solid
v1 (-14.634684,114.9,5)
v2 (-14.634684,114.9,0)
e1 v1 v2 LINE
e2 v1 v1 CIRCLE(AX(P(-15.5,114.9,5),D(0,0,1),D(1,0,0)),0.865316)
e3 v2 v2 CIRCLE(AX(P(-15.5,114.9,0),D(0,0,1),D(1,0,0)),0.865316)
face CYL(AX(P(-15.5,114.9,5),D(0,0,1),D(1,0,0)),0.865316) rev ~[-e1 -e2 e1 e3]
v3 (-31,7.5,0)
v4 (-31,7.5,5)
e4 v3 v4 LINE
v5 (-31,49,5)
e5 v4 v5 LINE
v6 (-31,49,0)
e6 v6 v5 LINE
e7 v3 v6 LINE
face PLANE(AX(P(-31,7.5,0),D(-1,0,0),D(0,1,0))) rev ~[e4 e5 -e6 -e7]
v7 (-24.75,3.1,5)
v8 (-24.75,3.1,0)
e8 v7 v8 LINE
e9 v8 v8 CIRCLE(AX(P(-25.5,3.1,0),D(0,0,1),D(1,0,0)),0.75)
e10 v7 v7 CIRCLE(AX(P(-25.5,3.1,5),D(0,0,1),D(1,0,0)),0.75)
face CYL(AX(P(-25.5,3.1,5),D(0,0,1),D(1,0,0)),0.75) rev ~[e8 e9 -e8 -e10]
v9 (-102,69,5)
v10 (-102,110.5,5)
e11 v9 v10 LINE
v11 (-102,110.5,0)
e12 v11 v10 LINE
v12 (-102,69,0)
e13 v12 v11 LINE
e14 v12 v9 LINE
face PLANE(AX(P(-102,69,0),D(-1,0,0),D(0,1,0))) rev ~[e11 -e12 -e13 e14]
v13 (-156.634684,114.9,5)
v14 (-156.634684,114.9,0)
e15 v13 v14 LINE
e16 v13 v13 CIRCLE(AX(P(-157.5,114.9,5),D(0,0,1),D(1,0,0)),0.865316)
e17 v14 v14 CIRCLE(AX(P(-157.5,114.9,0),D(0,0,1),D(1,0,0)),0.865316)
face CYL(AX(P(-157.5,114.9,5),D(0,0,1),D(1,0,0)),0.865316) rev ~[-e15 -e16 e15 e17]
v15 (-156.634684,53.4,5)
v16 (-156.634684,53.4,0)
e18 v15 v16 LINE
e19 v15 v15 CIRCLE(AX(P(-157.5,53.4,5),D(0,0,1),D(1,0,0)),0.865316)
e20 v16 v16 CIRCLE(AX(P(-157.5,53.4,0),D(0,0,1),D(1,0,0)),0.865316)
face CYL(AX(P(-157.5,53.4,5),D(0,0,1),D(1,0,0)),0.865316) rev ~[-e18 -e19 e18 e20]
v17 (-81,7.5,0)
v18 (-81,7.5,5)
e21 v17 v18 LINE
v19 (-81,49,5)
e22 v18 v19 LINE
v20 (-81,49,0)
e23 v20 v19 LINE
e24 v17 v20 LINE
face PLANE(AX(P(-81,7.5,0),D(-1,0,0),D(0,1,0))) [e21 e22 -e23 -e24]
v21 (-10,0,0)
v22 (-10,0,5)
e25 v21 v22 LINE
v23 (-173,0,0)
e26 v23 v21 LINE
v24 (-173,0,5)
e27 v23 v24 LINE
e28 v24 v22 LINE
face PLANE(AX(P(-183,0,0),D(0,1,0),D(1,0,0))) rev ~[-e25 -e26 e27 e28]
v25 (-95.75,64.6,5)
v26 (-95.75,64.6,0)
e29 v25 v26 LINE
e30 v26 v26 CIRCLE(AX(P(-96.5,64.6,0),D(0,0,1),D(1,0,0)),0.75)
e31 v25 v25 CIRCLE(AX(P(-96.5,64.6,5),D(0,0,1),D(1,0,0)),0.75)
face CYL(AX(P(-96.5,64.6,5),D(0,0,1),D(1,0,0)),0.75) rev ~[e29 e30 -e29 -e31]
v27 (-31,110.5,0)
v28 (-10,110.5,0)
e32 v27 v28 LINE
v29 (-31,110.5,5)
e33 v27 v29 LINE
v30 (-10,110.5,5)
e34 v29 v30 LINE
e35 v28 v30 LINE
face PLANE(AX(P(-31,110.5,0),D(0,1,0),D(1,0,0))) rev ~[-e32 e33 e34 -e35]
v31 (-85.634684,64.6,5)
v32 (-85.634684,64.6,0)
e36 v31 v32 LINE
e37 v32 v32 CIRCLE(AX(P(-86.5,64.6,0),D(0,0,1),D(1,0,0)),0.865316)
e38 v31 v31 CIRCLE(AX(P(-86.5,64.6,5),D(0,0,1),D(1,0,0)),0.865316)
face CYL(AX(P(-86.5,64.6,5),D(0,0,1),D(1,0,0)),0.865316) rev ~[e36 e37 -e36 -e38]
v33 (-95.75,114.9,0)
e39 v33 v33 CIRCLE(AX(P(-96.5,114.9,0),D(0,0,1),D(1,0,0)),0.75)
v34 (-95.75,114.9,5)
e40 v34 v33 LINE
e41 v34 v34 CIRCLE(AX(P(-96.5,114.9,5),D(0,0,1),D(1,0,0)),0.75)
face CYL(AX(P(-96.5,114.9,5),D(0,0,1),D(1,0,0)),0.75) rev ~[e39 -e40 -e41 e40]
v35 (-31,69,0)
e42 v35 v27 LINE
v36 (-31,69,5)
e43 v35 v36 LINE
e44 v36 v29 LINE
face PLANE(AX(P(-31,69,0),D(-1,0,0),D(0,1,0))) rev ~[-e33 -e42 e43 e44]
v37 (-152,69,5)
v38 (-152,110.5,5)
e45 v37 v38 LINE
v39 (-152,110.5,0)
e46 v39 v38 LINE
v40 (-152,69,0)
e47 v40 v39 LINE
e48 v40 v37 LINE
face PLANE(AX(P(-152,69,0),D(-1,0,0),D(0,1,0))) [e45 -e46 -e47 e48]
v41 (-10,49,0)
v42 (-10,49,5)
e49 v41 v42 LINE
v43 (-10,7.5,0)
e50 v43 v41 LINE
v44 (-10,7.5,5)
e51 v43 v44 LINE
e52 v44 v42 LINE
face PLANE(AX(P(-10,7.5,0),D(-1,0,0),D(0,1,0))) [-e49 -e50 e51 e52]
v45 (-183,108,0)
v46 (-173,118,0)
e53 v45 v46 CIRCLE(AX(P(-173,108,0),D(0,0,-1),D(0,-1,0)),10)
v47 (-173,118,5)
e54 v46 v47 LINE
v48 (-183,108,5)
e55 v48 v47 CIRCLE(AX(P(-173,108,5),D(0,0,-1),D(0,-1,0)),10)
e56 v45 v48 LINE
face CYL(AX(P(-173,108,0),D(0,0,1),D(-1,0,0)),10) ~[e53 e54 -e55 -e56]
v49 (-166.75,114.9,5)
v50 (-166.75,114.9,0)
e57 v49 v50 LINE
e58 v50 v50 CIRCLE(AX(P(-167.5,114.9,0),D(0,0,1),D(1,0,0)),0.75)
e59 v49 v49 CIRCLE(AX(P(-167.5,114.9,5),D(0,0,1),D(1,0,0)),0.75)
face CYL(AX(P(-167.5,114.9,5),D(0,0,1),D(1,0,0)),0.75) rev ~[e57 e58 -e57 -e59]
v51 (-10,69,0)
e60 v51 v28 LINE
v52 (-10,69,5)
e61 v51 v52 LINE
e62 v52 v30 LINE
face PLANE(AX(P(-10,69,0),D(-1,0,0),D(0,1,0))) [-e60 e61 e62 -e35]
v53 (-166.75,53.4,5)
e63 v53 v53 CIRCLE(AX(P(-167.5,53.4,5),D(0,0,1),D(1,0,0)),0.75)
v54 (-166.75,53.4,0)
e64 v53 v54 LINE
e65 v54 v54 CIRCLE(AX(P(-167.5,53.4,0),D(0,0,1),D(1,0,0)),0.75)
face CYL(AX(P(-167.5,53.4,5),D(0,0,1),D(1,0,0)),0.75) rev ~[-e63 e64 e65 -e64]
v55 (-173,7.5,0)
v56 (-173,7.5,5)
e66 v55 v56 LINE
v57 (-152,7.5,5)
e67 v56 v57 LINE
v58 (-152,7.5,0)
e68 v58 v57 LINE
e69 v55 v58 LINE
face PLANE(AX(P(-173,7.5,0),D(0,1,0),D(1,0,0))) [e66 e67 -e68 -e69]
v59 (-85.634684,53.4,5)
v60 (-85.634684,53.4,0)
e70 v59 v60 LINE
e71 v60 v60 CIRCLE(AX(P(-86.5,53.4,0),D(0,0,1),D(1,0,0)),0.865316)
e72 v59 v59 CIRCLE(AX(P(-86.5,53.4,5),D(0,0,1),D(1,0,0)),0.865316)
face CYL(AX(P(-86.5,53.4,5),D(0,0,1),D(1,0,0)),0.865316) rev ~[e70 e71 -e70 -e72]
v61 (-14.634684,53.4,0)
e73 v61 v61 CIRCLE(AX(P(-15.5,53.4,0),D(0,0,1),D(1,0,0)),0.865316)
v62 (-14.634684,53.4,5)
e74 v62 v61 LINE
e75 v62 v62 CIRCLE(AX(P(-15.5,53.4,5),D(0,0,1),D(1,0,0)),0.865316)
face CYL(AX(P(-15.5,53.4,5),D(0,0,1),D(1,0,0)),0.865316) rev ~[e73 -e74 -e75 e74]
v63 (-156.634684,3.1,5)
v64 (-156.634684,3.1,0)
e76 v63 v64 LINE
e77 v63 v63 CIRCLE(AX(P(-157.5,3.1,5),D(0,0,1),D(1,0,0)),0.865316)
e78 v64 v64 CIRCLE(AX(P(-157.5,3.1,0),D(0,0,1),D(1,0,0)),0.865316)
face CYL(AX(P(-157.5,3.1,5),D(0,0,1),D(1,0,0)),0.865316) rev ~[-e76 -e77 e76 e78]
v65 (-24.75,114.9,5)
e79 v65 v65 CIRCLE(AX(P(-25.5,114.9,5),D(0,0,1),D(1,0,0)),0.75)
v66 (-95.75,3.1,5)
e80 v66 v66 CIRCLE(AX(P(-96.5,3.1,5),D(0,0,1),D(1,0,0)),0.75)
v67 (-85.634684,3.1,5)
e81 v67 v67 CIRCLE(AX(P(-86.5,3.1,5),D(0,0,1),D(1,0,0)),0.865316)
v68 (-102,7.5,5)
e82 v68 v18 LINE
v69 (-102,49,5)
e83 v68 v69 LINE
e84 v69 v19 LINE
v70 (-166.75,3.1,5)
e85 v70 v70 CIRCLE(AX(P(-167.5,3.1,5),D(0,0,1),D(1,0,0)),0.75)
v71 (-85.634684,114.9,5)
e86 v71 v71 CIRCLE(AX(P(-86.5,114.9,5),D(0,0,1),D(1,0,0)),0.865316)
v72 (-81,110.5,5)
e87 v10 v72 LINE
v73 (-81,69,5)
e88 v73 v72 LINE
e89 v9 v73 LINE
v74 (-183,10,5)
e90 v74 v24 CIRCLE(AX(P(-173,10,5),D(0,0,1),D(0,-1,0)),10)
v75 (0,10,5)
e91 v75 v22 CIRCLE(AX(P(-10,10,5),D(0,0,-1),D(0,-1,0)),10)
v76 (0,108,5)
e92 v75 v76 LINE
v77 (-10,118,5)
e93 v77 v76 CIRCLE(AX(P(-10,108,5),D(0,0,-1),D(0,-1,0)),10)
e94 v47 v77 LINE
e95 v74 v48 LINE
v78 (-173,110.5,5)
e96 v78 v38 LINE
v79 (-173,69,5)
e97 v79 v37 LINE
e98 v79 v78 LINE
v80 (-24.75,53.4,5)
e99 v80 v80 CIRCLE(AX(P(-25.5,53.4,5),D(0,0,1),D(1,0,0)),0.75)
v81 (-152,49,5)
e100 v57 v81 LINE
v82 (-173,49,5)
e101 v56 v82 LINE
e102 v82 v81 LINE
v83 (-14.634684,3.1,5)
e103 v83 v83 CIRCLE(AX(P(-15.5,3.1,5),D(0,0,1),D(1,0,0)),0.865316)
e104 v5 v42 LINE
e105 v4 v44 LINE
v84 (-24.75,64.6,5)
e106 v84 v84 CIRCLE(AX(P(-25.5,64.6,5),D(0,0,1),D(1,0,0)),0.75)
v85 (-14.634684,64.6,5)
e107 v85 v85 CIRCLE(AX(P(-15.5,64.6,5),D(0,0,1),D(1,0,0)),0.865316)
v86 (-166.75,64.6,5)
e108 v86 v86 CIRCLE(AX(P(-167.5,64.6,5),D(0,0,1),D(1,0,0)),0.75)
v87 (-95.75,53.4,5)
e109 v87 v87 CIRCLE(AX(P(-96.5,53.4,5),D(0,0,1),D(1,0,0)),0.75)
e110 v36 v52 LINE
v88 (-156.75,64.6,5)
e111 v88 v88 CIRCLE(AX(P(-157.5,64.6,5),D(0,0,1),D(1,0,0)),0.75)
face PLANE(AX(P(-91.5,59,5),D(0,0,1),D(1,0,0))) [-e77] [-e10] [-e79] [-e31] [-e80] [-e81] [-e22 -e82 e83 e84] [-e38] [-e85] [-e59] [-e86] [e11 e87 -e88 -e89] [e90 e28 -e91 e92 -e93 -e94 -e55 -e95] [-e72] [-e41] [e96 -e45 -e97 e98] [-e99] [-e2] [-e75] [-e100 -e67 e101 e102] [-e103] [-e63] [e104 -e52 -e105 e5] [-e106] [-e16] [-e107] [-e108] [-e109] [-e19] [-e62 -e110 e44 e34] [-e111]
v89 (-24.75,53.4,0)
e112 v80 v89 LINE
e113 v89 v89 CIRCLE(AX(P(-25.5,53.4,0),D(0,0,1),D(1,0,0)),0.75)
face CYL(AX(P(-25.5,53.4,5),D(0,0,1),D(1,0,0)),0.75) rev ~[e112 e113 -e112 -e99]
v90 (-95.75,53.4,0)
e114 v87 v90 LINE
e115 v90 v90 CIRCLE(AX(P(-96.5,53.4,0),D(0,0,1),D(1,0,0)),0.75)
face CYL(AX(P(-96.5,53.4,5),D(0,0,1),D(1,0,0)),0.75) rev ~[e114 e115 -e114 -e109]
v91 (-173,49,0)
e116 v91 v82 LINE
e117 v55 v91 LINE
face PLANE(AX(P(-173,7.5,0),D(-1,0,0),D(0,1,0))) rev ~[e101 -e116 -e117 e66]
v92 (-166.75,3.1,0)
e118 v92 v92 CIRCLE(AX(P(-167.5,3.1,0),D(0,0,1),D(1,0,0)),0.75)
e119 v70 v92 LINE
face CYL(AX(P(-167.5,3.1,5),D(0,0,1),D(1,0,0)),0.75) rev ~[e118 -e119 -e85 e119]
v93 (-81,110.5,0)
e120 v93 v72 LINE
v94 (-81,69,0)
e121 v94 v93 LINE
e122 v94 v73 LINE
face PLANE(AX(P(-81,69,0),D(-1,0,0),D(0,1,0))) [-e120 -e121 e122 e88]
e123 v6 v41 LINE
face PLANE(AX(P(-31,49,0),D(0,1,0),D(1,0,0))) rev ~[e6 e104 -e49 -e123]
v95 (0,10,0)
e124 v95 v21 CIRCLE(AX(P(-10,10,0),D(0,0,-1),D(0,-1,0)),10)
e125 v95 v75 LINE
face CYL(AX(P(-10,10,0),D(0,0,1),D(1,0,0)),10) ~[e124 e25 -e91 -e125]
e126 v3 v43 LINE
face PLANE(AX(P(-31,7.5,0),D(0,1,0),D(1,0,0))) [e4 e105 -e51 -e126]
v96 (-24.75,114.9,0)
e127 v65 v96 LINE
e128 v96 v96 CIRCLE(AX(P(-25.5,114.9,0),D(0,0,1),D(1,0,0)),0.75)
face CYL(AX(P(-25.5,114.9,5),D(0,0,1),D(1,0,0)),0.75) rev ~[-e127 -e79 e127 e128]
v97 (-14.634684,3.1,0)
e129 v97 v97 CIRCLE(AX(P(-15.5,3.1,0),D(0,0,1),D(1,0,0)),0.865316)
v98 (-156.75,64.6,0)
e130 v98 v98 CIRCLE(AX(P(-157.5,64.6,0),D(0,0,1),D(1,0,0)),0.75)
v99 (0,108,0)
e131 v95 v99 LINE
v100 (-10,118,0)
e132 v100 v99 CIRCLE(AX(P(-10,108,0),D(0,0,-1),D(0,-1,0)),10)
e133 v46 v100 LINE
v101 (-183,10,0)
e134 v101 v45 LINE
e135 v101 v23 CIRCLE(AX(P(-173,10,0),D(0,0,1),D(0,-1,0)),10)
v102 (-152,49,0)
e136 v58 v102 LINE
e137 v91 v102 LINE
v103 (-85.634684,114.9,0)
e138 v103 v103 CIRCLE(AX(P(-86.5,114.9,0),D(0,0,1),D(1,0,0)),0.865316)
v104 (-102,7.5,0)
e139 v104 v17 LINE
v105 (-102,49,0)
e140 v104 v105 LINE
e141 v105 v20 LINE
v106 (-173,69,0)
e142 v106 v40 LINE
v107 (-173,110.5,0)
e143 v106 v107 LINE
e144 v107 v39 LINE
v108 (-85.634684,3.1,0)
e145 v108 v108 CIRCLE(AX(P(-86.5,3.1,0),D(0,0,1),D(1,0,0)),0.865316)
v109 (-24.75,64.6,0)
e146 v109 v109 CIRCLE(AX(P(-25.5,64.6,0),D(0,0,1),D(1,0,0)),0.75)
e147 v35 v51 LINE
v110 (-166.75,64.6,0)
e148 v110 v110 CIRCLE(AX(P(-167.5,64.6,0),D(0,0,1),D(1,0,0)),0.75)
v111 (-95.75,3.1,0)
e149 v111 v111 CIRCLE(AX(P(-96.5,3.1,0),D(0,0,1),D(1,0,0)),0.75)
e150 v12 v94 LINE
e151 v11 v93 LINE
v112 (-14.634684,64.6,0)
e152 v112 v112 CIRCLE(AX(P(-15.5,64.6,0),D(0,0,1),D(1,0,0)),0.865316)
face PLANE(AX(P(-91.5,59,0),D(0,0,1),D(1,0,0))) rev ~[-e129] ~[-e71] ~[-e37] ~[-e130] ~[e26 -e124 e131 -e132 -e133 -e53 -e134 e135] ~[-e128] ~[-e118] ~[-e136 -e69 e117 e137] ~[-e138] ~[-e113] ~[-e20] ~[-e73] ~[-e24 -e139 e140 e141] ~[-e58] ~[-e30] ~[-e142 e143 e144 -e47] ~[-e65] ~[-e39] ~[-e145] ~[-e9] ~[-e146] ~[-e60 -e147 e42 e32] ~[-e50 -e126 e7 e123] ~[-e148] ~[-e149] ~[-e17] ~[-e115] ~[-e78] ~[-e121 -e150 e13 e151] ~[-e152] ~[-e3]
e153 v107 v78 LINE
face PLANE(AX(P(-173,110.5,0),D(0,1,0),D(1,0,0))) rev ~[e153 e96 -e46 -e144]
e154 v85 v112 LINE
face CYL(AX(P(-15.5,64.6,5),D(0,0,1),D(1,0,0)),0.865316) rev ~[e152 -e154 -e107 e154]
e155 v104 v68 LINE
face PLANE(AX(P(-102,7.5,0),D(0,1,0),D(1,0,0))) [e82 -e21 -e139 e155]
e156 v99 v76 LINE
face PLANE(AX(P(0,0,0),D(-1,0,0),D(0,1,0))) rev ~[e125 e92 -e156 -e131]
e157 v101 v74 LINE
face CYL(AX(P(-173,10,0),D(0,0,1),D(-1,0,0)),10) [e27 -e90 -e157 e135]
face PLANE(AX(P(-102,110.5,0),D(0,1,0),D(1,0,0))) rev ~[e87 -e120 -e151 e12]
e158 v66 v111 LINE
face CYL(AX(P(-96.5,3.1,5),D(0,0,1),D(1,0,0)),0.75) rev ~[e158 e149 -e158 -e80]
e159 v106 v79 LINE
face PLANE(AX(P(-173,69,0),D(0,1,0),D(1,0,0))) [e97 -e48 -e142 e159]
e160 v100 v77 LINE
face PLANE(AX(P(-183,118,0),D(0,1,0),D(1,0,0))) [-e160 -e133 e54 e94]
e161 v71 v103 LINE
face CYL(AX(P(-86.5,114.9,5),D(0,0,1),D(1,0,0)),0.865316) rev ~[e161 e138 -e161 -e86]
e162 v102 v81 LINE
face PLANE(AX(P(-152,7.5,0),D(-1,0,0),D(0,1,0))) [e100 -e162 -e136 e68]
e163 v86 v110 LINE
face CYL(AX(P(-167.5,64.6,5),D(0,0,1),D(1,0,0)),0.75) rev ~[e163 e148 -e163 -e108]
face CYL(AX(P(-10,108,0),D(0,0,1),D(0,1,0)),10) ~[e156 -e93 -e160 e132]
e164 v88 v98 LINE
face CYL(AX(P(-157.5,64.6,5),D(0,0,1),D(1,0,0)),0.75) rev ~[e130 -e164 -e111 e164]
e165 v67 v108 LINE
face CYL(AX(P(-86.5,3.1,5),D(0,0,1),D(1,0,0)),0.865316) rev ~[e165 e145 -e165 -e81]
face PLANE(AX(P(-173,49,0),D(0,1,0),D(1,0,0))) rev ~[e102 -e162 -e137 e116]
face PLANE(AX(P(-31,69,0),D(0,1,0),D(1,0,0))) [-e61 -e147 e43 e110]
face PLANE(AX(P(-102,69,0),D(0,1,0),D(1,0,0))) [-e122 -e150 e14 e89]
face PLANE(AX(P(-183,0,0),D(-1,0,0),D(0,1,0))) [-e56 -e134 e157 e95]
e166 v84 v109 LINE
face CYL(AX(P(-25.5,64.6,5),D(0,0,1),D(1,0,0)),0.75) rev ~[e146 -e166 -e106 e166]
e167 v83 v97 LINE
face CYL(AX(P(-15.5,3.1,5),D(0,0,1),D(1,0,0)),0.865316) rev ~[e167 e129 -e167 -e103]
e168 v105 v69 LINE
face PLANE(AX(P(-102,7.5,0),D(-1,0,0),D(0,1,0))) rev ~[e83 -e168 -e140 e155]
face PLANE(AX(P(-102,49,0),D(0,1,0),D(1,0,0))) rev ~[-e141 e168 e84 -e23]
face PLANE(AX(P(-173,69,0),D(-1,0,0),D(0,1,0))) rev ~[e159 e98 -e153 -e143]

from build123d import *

# Parameters (mm, degrees)
SKETCH1_W           = 183
SKETCH1_H           = 118
SKETCH1_W_2         = 21
SKETCH1_H_2         = 41.5
BOSS_EXTRUDE1_DEPTH = 5
SKETCH2_R           = 0.75
SKETCH2_R_2         = 0.865315656
CUT_EXTRUDE1_DEPTH  = 5
FILLET5_R           = 10
FILLET6_R           = 10
FILLET7_R           = 10
FILLET8_R           = 10


with BuildPart() as part:
    # Sketch1 → Boss-Extrude1 (new body)
    with BuildSketch(Plane.XY):
        with Locations((-91.5, 59)):
            Rectangle(SKETCH1_W, SKETCH1_H)
        with Locations((-162.5, 28.25)):
            Rectangle(SKETCH1_W_2, SKETCH1_H_2, mode=Mode.SUBTRACT)
        with Locations((-91.5, 28.25)):
            Rectangle(SKETCH1_W_2, SKETCH1_H_2, mode=Mode.SUBTRACT)
        with Locations((-20.5, 28.25)):
            Rectangle(SKETCH1_W_2, SKETCH1_H_2, mode=Mode.SUBTRACT)
        with Locations((-162.5, 89.75)):
            Rectangle(SKETCH1_W_2, SKETCH1_H_2, mode=Mode.SUBTRACT)
        with Locations((-91.5, 89.75)):
            Rectangle(SKETCH1_W_2, SKETCH1_H_2, mode=Mode.SUBTRACT)
        with Locations((-20.5, 89.75)):
            Rectangle(SKETCH1_W_2, SKETCH1_H_2, mode=Mode.SUBTRACT)
    extrude(amount=BOSS_EXTRUDE1_DEPTH)

    # Sketch2 → Cut-Extrude1 (cut)
    with BuildSketch(Plane.XY.offset(5)):
        with Locations((-167.5, 114.9)):
            Circle(SKETCH2_R)
        with Locations((-157.5, 114.9)):
            Circle(SKETCH2_R_2)
        with Locations((-167.5, 64.6)):
            Circle(SKETCH2_R)
        with Locations((-157.5, 64.6)):
            Circle(SKETCH2_R)
        with Locations((-96.5, 114.9)):
            Circle(SKETCH2_R)
        with Locations((-86.5, 114.9)):
            Circle(SKETCH2_R_2)
        with Locations((-96.5, 64.6)):
            Circle(SKETCH2_R)
        with Locations((-86.5, 64.6)):
            Circle(SKETCH2_R_2)
        with Locations((-96.5, 53.4)):
            Circle(SKETCH2_R)
        with Locations((-86.5, 53.4)):
            Circle(SKETCH2_R_2)
        with Locations((-25.5, 114.9)):
            Circle(SKETCH2_R)
        with Locations((-15.5, 114.9)):
            Circle(SKETCH2_R_2)
        with Locations((-25.5, 64.6)):
            Circle(SKETCH2_R)
        with Locations((-15.5, 64.6)):
            Circle(SKETCH2_R_2)
        with Locations((-25.5, 53.4)):
            Circle(SKETCH2_R)
        with Locations((-15.5, 53.4)):
            Circle(SKETCH2_R_2)
        with Locations((-25.5, 3.1)):
            Circle(SKETCH2_R)
        with Locations((-15.5, 3.1)):
            Circle(SKETCH2_R_2)
        with Locations((-96.5, 3.1)):
            Circle(SKETCH2_R)
        with Locations((-86.5, 3.1)):
            Circle(SKETCH2_R_2)
        with Locations((-167.5, 3.1)):
            Circle(SKETCH2_R)
        with Locations((-157.5, 3.1)):
            Circle(SKETCH2_R_2)
        with Locations((-167.5, 53.4)):
            Circle(SKETCH2_R)
        with Locations((-157.5, 53.4)):
            Circle(SKETCH2_R_2)
    extrude(amount=-CUT_EXTRUDE1_DEPTH, mode=Mode.SUBTRACT)

    # Fillet5
    fillet5_edges = [part.edges().sort_by_distance(p)[0] for p in [
        (-183, 118, 2.5),
    ]]
    fillet(fillet5_edges, radius=FILLET5_R)

    # Fillet6
    fillet6_edges = [part.edges().sort_by_distance(p)[0] for p in [
        (-183, 0, 2.5),
    ]]
    fillet(fillet6_edges, radius=FILLET6_R)

    # Fillet7
    fillet7_edges = [part.edges().sort_by_distance(p)[0] for p in [
        (0, 118, 2.5),
    ]]
    fillet(fillet7_edges, radius=FILLET7_R)

    # Fillet8
    fillet8_edges = [part.edges().sort_by_distance(p)[0] for p in [
        (0, 0, 2.5),
    ]]
    fillet(fillet8_edges, radius=FILLET8_R)


solid = part.part
